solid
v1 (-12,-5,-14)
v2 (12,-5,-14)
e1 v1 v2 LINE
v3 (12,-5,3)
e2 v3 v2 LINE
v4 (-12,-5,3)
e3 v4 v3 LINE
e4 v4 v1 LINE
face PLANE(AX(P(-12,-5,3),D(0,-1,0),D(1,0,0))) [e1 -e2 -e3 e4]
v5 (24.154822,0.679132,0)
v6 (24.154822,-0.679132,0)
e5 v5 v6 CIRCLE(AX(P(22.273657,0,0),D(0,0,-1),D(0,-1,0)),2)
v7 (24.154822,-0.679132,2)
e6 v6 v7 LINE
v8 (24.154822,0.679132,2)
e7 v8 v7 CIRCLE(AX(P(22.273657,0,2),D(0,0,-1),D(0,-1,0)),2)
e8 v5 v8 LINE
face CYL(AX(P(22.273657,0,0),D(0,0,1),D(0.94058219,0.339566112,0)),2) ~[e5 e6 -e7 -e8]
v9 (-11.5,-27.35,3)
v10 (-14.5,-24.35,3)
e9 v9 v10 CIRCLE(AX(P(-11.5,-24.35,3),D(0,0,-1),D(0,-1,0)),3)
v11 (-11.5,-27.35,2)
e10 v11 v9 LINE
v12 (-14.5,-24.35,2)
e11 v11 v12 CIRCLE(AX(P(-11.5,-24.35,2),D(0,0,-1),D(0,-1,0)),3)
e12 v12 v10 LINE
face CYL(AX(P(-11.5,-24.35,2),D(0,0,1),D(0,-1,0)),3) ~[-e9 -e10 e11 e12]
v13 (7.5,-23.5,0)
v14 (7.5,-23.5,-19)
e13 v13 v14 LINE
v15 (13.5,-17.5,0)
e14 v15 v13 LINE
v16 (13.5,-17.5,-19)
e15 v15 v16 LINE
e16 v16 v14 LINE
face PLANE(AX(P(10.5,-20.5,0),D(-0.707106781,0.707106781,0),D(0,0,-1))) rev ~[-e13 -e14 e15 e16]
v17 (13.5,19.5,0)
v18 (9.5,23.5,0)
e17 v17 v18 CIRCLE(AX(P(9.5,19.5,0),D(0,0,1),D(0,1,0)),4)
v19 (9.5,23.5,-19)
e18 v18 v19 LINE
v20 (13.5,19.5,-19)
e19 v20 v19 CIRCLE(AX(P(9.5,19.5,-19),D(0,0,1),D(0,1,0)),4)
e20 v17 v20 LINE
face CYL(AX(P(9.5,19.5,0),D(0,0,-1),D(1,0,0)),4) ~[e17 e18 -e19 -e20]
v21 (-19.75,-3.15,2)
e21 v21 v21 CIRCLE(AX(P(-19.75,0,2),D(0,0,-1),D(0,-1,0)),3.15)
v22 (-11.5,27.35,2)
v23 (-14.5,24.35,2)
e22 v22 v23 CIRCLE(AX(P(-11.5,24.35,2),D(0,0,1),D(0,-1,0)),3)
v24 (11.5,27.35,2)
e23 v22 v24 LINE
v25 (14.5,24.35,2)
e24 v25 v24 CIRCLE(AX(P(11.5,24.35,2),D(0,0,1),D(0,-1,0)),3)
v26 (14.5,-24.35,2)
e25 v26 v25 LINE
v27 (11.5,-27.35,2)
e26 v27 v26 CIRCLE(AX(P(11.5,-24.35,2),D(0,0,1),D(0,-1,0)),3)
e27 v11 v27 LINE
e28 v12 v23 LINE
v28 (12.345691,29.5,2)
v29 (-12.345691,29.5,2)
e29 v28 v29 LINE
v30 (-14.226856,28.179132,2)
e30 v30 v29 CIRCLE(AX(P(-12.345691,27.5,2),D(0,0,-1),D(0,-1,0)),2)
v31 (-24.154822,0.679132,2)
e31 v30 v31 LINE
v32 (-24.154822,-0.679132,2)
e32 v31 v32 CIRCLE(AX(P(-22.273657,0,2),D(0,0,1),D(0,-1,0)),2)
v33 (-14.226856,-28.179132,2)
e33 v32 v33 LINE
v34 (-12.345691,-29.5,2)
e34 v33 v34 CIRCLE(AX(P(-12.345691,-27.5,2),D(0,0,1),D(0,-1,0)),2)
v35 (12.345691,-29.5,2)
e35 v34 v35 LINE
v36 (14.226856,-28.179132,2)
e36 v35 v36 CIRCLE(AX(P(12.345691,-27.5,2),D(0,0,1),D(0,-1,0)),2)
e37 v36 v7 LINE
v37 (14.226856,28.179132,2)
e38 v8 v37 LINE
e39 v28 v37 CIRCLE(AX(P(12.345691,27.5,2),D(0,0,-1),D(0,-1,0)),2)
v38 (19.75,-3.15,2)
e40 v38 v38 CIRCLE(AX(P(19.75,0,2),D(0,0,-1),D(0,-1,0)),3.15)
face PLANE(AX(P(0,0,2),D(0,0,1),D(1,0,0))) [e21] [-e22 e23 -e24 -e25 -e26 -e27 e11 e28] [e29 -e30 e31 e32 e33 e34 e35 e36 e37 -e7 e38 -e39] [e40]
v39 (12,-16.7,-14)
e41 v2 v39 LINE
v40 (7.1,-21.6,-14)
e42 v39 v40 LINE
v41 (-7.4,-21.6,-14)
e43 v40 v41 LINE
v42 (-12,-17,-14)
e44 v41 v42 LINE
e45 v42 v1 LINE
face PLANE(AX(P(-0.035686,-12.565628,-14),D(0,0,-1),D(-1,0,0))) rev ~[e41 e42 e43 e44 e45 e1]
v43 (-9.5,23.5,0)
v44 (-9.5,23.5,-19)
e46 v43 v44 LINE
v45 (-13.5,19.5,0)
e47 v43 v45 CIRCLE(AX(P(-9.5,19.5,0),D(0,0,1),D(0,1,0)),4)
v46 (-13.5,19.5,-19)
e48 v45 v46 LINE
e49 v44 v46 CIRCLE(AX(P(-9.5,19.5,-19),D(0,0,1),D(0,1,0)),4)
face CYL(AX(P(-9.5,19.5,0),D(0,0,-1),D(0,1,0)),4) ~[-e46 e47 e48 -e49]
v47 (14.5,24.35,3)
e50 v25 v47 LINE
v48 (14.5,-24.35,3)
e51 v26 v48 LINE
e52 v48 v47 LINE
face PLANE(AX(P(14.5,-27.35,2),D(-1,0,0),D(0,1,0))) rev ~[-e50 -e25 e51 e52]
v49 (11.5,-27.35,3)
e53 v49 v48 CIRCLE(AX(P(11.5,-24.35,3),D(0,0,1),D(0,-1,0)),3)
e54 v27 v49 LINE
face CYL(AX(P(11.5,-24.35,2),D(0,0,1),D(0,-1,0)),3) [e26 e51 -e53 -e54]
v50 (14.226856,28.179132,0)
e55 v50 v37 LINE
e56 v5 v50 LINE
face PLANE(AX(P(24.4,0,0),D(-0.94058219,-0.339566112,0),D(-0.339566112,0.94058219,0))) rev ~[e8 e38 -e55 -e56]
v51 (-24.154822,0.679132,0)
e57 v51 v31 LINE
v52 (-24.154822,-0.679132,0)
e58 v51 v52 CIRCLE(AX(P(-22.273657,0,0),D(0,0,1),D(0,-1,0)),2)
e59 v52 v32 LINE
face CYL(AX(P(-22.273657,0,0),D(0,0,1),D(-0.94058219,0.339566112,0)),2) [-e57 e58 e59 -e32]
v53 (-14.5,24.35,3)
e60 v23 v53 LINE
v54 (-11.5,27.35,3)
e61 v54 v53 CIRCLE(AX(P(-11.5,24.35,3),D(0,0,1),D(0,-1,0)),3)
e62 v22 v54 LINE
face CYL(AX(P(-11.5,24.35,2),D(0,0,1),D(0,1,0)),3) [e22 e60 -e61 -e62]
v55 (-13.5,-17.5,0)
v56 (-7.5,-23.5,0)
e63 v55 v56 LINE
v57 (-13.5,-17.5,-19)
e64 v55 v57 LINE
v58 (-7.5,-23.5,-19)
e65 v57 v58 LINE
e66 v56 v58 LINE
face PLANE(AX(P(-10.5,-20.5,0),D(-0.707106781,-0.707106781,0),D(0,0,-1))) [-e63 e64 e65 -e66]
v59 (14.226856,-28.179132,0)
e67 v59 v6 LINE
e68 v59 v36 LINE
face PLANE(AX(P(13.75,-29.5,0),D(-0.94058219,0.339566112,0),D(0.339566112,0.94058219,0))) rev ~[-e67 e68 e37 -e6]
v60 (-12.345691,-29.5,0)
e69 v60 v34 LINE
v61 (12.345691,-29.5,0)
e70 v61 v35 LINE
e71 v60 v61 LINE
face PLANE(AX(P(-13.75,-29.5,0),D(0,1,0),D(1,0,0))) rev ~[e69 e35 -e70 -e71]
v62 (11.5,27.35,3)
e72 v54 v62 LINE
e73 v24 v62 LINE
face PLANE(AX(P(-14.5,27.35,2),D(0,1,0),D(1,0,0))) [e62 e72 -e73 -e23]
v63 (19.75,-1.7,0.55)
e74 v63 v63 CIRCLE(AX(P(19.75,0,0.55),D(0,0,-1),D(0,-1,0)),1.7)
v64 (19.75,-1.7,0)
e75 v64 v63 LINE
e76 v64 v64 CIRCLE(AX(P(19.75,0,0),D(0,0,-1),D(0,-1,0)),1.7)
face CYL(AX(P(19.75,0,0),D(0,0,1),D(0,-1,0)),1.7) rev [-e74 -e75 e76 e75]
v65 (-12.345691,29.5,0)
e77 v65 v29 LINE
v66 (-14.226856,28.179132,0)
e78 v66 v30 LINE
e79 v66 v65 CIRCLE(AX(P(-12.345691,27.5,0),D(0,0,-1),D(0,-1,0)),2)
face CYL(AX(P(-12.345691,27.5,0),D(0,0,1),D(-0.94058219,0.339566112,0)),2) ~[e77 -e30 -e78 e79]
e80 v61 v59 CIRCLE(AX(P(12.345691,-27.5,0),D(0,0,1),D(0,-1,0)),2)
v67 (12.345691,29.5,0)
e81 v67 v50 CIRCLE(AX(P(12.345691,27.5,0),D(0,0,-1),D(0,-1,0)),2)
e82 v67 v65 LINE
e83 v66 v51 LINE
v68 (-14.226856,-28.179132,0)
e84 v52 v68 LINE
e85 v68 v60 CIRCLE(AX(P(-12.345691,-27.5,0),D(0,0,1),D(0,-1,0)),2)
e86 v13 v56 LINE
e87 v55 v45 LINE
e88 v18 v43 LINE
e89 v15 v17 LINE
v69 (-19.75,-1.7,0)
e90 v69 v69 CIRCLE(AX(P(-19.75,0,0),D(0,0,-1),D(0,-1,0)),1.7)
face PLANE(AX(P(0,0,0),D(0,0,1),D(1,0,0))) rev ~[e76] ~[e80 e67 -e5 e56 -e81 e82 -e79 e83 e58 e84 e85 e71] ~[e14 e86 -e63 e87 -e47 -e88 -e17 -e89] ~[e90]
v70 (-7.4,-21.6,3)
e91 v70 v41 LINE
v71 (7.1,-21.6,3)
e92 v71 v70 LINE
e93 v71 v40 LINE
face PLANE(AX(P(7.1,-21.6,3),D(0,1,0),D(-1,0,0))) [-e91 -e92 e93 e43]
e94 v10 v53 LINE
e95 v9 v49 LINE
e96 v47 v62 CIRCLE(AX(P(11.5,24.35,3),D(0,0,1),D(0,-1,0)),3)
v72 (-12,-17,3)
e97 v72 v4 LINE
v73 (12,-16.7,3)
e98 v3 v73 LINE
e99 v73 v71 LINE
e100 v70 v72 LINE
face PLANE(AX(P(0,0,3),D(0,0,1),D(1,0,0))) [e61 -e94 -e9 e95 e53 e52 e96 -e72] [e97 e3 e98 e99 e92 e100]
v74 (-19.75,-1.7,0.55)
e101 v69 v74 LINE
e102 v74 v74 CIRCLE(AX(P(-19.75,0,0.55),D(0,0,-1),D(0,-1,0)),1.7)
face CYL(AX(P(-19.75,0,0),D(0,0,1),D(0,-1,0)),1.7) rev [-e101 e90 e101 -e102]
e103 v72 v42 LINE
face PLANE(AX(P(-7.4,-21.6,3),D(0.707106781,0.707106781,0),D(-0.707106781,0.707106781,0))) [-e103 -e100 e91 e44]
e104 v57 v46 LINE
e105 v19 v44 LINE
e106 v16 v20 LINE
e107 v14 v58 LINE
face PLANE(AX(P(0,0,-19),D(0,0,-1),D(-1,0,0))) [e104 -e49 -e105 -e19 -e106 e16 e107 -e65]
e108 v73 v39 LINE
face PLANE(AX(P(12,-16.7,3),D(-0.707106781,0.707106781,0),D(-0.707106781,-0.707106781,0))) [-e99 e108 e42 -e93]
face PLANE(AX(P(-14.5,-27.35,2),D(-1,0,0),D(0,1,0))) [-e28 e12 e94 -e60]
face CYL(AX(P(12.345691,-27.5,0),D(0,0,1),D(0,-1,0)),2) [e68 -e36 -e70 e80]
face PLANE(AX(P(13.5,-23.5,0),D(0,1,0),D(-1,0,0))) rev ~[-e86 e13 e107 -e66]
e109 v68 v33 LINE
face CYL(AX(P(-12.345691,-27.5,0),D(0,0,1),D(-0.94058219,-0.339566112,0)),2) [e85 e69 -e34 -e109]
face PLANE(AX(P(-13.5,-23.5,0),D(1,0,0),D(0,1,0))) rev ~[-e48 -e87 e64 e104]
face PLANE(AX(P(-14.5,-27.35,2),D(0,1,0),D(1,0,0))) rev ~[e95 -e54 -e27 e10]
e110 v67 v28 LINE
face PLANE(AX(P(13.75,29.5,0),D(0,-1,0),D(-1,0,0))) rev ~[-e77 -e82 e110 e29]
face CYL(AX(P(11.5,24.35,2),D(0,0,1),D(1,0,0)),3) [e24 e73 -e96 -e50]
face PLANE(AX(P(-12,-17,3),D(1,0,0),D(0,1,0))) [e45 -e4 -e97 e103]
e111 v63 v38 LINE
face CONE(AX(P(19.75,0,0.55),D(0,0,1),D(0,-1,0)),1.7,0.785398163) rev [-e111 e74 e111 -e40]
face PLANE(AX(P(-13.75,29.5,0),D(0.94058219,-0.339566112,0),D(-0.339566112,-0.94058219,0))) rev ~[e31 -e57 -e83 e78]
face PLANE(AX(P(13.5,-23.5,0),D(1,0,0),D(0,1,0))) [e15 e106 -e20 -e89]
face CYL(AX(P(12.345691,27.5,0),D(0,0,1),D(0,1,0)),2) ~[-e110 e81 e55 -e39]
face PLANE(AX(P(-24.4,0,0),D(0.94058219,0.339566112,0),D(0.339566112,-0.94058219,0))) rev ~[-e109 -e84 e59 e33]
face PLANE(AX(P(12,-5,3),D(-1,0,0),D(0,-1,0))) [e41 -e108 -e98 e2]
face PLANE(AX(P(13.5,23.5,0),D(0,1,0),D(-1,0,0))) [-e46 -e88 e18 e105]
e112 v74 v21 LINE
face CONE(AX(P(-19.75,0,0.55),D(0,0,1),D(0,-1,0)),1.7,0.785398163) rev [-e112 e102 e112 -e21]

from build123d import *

# Parameters (mm, degrees)
BOSS_EXTRUDE1_DEPTH                            = 2
SKETCH2_W                                      = 29
SKETCH2_H                                      = 54.7
BOSS_EXTRUDE2_DEPTH                            = 1
FILLET1_R                                      = 3
FILLET2_R                                      = 2
CSK_FOR_M3_FLAT_HEAD_MACHINE_SCREW1_AT_2_COUNT = 2
CSK_FOR_M3_FLAT_HEAD_MACHINE_SCREW1_AT_2_PITCH = 39.5
SKETCH5_W                                      = 27
SKETCH5_H                                      = 47
BOSS_EXTRUDE3_DEPTH                            = 19
CHAMFER1_SIZE                                  = 6
FILLET3_R                                      = 4
CUT_EXTRUDE1_DEPTH                             = 17


with BuildPart() as part:
    # Sketch1 → Boss-Extrude1 (new body)
    with BuildSketch(Plane.XY):
        Polygon((-13.75, 29.5), (-24.4, 0), (-13.75, -29.5), (13.75, -29.5), (24.4, 0), (13.75, 29.5), align=None)
    extrude(amount=BOSS_EXTRUDE1_DEPTH)

    # Sketch2 → Boss-Extrude2 (add)
    with BuildSketch(Plane.XY.offset(2)):
        Rectangle(SKETCH2_W, SKETCH2_H)
    extrude(amount=BOSS_EXTRUDE2_DEPTH)

    # Fillet1
    fillet1_edges = [part.edges().sort_by_distance(p)[0] for p in [
        (14.5, -27.35, 2.5),
        (14.5, 27.35, 2.5),
        (-14.5, 27.35, 2.5),
        (-14.5, -27.35, 2.5),
    ]]
    fillet(fillet1_edges, radius=FILLET1_R)

    # Fillet2
    fillet2_edges = [part.edges().sort_by_distance(p)[0] for p in [
        (24.4, 0, 1),
        (13.75, -29.5, 1),
        (-13.75, -29.5, 1),
        (-24.4, 0, 1),
        (-13.75, 29.5, 1),
        (13.75, 29.5, 1),
    ]]
    fillet(fillet2_edges, radius=FILLET2_R)

    # Sketch3 → CSK for M3 Flat Head Machine Screw1 (revolve, cut)
    with BuildSketch(Plane(origin=(-19.75, 0, 2), x_dir=(0, -1, 0), z_dir=(1, 0, 0))):
        Polygon((0, 0), (0, 2), (1.7, 2), (1.7, 1.45), (3.15, 0), align=None)
    csk_for_m3_flat_head_machine_screw1 = revolve(axis=Axis((-19.75, 0, 8.35), (0, 0, -1)), mode=Mode.SUBTRACT)

    # CSK for M3 Flat Head Machine Screw1 at 2: CSK for M3 Flat Head Machine Screw1 ×2
    with Locations(*[(i * CSK_FOR_M3_FLAT_HEAD_MACHINE_SCREW1_AT_2_PITCH, 0, 0) for i in range(1, CSK_FOR_M3_FLAT_HEAD_MACHINE_SCREW1_AT_2_COUNT)]):
        add(csk_for_m3_flat_head_machine_screw1, mode=Mode.SUBTRACT)

    # Sketch5 → Boss-Extrude3 (add)
    with BuildSketch(Plane(origin=(0, 0, 0), x_dir=(-1, 0, 0), z_dir=(0, 0, -1))):
        Rectangle(SKETCH5_W, SKETCH5_H)
    extrude(amount=BOSS_EXTRUDE3_DEPTH)

    # Chamfer1
    chamfer1_edges = [part.edges().sort_by_distance(p)[0] for p in [
        (-13.5, -23.5, -9.5),
        (13.5, -23.5, -9.5),
    ]]
    chamfer(chamfer1_edges, length=CHAMFER1_SIZE)

    # Fillet3
    fillet3_edges = [part.edges().sort_by_distance(p)[0] for p in [
        (-13.5, 23.5, -9.5),
        (13.5, 23.5, -9.5),
    ]]
    fillet(fillet3_edges, radius=FILLET3_R)

    # Sketch6 → Cut-Extrude1 (cut)
    with BuildSketch(Plane.XY.offset(3)):
        Polygon((-12, -5), (12, -5), (12, -16.7), (7.1, -21.6), (-7.4, -21.6), (-12, -17), align=None)
    extrude(amount=-CUT_EXTRUDE1_DEPTH, mode=Mode.SUBTRACT)


solid = part.part
